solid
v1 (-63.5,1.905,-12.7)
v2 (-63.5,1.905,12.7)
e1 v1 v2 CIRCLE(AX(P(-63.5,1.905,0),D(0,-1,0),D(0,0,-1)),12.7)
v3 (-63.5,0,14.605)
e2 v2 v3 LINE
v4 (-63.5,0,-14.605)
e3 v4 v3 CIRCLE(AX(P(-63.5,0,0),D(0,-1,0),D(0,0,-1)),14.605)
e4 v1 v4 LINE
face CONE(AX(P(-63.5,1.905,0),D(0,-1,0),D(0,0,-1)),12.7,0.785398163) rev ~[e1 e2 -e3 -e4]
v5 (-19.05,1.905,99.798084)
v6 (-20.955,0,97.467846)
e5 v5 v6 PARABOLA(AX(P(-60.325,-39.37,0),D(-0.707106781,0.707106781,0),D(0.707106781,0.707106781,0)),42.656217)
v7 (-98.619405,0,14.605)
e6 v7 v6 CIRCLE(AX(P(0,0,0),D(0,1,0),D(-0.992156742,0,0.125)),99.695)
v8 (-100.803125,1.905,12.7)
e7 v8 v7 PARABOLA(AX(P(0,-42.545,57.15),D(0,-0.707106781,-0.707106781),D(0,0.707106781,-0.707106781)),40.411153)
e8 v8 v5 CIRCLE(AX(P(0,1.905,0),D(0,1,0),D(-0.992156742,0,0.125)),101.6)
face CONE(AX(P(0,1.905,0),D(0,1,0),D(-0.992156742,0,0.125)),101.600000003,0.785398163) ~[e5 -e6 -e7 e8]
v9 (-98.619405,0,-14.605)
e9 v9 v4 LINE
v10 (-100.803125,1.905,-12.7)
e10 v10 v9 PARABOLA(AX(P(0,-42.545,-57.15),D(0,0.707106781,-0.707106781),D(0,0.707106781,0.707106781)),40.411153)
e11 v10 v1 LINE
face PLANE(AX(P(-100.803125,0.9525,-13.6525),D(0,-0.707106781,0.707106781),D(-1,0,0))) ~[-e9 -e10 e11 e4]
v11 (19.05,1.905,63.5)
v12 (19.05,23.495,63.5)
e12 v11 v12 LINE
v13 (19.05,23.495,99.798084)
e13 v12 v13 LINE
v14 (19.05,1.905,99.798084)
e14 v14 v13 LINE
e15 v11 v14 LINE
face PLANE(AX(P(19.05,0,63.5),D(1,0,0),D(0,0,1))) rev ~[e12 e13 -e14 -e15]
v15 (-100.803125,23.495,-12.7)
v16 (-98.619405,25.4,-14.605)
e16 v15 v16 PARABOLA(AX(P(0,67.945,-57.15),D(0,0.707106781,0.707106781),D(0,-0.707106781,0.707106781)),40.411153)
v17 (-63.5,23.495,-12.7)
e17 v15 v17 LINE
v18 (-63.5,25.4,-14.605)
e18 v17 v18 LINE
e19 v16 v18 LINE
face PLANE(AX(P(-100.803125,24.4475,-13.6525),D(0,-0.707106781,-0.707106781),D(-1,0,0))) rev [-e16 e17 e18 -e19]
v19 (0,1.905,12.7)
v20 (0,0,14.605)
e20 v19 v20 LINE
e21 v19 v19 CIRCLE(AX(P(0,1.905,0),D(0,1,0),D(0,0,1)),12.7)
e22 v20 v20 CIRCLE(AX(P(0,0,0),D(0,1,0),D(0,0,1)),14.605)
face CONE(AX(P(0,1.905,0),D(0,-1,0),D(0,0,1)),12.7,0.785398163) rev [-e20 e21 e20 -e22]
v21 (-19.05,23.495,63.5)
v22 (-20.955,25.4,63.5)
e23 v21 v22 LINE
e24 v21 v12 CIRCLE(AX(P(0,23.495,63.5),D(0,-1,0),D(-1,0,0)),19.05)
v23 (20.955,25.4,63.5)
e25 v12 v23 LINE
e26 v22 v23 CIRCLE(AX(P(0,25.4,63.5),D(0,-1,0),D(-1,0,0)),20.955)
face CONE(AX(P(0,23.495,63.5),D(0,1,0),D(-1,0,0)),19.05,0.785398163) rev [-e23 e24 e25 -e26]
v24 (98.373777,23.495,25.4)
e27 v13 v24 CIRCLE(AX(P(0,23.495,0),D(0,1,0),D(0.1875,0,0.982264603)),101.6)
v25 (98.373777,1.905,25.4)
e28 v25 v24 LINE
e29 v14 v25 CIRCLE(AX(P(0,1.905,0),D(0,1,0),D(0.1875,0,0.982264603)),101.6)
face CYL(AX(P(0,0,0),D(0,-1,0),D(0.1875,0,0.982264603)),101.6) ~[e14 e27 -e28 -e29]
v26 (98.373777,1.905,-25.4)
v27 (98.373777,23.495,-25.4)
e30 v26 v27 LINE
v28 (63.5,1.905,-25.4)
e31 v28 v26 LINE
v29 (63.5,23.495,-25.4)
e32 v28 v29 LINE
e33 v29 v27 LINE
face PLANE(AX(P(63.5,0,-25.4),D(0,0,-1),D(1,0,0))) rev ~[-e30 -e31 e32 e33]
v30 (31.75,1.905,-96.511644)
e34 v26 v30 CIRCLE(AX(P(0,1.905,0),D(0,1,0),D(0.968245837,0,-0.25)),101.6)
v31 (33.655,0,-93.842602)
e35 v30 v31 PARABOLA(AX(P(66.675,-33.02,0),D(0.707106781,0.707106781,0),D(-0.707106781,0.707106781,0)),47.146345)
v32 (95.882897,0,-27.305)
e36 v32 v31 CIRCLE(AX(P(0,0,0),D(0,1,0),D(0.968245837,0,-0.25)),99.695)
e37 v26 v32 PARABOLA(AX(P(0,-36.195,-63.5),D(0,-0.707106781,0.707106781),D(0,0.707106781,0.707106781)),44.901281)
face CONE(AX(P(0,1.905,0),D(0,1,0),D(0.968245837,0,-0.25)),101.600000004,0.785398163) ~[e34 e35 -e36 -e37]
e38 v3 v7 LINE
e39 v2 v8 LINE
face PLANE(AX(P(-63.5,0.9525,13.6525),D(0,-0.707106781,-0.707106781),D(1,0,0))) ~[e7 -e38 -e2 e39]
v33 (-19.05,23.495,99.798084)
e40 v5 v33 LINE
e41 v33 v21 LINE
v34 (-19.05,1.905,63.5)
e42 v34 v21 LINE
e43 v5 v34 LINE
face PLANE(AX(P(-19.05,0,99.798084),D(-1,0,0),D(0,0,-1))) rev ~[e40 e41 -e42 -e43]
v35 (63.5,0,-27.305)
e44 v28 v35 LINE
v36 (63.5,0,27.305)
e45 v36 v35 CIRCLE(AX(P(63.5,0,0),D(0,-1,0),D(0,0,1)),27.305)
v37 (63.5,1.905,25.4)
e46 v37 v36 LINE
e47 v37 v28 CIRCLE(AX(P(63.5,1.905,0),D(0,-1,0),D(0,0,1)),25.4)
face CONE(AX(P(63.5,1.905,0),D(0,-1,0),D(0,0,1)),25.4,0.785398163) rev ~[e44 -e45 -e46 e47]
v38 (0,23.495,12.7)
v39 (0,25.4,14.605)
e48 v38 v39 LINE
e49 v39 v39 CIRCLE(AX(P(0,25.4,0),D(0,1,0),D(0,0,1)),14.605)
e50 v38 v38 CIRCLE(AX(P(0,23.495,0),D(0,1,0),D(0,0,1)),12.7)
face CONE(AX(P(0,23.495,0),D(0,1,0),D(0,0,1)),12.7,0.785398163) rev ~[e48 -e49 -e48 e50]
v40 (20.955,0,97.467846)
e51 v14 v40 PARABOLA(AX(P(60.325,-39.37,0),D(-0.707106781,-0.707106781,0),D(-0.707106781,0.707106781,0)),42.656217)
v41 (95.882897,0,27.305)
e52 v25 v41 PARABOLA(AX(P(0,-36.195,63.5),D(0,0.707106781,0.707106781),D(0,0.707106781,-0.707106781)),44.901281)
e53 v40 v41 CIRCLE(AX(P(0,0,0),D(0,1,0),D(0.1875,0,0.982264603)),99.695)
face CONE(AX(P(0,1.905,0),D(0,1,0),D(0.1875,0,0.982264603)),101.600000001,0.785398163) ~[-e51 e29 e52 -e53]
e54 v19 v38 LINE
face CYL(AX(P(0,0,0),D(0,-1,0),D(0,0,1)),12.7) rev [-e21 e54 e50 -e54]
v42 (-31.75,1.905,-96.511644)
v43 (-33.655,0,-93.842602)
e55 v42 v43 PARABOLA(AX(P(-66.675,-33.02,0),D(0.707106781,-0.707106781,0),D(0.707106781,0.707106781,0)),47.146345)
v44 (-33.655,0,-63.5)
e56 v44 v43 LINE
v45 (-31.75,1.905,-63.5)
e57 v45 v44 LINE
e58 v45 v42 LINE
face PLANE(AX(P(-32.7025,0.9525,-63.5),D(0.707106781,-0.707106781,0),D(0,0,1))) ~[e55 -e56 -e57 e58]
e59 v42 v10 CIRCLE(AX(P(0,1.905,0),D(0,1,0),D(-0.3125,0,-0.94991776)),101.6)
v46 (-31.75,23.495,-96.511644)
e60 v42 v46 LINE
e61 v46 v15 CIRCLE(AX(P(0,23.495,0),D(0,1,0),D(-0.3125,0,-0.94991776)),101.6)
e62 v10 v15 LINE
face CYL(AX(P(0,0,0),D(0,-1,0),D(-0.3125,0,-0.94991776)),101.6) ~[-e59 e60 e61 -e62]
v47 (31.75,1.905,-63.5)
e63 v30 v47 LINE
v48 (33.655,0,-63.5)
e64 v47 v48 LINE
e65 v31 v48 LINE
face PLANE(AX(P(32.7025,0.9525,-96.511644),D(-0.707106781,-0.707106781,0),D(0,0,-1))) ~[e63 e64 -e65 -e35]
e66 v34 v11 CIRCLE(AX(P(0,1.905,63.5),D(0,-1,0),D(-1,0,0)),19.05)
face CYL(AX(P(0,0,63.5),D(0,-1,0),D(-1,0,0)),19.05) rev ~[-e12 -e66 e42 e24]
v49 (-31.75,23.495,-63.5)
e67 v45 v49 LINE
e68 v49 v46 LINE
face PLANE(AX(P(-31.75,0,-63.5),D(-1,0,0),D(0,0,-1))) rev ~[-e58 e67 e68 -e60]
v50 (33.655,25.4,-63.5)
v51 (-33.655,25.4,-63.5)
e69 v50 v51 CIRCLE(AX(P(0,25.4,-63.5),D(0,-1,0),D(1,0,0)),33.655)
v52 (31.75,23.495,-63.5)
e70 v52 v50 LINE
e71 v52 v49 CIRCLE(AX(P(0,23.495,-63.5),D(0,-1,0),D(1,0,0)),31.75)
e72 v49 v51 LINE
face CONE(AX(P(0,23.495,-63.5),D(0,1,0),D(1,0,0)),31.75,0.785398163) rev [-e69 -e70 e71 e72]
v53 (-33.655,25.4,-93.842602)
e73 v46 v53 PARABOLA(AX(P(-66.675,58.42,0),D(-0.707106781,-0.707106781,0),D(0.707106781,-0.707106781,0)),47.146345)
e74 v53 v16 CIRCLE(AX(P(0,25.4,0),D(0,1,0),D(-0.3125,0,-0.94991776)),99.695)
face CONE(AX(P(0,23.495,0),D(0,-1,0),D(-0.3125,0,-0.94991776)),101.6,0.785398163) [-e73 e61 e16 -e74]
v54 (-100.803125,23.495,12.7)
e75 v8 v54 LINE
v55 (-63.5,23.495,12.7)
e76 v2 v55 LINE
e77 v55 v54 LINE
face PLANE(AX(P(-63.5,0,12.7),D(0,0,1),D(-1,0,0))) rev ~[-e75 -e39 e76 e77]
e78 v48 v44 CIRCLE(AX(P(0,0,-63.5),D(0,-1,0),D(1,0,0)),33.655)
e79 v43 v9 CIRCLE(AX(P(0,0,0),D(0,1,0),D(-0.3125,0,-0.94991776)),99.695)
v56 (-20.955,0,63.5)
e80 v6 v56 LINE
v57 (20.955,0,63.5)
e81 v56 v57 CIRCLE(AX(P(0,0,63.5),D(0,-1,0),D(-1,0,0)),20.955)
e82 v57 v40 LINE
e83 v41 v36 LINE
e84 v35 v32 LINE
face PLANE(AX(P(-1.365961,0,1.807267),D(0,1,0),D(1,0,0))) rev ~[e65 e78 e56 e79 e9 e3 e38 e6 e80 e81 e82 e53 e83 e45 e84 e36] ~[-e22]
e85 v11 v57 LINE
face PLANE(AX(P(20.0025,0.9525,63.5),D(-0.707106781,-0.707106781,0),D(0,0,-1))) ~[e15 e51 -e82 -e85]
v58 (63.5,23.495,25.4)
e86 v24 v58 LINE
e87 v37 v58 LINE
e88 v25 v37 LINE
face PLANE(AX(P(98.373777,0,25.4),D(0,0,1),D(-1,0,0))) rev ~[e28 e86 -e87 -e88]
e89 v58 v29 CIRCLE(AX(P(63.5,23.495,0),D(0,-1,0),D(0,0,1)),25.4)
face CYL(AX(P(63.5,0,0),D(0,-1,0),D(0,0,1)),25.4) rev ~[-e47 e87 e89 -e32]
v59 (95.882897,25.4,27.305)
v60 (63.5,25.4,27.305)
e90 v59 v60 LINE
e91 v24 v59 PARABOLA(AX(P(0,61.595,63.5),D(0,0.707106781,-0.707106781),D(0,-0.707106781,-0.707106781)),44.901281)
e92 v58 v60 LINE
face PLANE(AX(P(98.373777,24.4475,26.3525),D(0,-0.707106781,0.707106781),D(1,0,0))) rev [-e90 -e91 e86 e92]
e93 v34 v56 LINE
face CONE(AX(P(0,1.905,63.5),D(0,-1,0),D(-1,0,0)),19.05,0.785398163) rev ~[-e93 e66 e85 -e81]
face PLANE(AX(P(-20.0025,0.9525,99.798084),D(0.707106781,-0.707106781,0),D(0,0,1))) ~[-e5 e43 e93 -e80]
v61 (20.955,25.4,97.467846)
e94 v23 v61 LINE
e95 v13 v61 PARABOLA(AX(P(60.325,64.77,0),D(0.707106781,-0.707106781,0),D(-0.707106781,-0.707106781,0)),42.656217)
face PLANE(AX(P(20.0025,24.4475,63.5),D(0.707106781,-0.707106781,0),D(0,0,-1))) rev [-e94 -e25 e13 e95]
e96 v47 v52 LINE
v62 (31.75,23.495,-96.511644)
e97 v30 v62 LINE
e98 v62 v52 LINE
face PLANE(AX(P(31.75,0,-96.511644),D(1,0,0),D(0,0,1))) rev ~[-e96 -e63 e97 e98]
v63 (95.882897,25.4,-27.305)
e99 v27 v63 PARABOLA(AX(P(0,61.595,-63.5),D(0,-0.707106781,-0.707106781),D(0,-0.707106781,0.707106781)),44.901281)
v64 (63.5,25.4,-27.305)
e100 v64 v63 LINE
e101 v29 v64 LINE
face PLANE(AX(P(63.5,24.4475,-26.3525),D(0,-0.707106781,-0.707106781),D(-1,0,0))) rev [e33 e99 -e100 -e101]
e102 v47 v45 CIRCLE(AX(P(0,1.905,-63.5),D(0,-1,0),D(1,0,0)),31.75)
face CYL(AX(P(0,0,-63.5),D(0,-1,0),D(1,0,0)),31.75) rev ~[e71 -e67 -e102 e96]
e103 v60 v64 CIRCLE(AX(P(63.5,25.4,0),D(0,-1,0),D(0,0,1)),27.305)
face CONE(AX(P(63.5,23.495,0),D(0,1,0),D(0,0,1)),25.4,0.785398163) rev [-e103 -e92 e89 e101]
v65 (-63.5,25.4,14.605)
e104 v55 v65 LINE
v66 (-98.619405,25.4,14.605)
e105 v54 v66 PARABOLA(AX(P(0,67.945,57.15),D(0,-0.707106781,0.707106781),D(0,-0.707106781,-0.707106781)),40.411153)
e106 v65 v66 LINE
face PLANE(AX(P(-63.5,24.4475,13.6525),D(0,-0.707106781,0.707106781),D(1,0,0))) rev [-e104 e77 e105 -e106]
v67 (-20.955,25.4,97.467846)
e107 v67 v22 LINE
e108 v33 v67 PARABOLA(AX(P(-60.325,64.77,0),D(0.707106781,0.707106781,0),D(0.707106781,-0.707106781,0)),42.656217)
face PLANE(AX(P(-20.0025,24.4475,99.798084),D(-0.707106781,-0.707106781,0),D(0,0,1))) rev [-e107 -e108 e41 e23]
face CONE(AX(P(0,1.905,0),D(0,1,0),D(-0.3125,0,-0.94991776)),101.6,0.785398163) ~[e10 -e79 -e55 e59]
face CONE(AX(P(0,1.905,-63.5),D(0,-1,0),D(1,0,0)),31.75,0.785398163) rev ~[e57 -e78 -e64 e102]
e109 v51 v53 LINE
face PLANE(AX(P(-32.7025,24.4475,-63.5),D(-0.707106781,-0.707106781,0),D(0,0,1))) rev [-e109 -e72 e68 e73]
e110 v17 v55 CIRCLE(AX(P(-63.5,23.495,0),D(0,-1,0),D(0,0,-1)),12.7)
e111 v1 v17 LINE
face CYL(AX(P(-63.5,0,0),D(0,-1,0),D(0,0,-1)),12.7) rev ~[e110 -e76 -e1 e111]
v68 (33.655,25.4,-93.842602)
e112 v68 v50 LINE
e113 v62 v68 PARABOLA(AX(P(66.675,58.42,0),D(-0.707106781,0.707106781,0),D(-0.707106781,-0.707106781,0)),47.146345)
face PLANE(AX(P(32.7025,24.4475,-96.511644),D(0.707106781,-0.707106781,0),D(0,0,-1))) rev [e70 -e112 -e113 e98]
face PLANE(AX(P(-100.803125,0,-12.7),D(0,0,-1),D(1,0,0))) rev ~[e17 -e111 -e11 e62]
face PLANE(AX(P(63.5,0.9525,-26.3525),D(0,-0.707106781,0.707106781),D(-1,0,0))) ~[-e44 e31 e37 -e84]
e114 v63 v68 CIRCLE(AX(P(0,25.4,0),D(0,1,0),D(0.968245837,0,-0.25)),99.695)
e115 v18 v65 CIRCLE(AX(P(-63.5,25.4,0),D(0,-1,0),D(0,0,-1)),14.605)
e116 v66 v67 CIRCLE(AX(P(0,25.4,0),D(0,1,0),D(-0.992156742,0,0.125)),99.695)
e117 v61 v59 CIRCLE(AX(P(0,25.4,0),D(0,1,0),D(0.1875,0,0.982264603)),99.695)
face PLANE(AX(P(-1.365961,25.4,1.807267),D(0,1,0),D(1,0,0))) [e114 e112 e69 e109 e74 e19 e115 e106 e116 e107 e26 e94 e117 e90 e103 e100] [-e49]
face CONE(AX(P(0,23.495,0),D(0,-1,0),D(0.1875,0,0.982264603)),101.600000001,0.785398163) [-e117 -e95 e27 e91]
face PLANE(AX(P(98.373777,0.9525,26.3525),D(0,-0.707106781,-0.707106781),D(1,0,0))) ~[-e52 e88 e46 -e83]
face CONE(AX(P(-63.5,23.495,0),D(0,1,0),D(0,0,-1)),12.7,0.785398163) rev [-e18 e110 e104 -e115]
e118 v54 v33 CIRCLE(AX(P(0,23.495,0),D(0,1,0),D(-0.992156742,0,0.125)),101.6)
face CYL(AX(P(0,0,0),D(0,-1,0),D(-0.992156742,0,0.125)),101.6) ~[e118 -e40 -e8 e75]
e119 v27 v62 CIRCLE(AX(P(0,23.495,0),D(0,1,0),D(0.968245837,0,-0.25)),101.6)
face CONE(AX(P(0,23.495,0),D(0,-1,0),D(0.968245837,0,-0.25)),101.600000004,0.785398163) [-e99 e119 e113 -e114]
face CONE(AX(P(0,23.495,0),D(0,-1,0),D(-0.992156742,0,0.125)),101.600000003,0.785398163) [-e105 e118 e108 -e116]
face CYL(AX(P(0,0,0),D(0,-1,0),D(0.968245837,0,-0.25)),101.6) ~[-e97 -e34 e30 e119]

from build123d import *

# Parameters (mm, degrees)
SKETCH2_R           = 12.7
BOSS_EXTRUDE1_DEPTH = 25.4
CHAMFER1_SIZE       = 1.905


with BuildPart() as part:
    # Sketch2 → Boss-Extrude1 (new body)
    with BuildSketch(Plane(origin=(0, 0, 0), x_dir=(1, 0, 0), z_dir=(0, 1, 0))):
        with BuildLine():
            Line((63.5, 25.4), (98.373776994, 25.4))
            ThreePointArc((98.373776994, 25.4), (74.143548783, 69.464337424), (31.75, 96.511644375))
            Line((31.75, 96.511644375), (31.75, 63.5))
            ThreePointArc((31.75, 63.5), (0, 31.75), (-31.75, 63.5))
            Line((-31.75, 63.5), (-31.75, 96.511644375))
            ThreePointArc((-31.75, 96.511644375), (-78.413523495, 64.605567354), (-100.803124952, 12.7))
            Line((-100.803124952, 12.7), (-63.5, 12.7))
            ThreePointArc((-63.5, 12.7), (-50.8, 0), (-63.5, -12.7))
            Line((-63.5, -12.7), (-100.803124952, -12.7))
            ThreePointArc((-100.803124952, -12.7), (-74.079092421, -69.533071743), (-19.05, -99.798083649))
            Line((-19.05, -99.798083649), (-19.05, -63.5))
            ThreePointArc((-19.05, -63.5), (0, -44.45), (19.05, -63.5))
            Line((19.05, -63.5), (19.05, -99.798083649))
            ThreePointArc((19.05, -99.798083649), (69.504349242, -74.106041835), (98.373776994, -25.4))
            Line((98.373776994, -25.4), (63.5, -25.4))
            ThreePointArc((63.5, -25.4), (38.1, 0), (63.5, 25.4))
        make_face()
        with Locations(Location((0, 0, 0), (0, 0, 270))):
            Circle(SKETCH2_R, mode=Mode.SUBTRACT)
    extrude(amount=BOSS_EXTRUDE1_DEPTH)

    # Chamfer1
    chamfer1_edges = [part.edges().sort_by_distance(p)[0] for p in [
        (74.143548783, 25.4, -69.464337424),
        (80.936888497, 0, 25.4),
        (69.504349242, 0, 74.106041835),
        (19.05, 0, 81.649041824),
        (31.75, 25.4, -80.005822188),
        (0, 0, 44.45),
        (-19.05, 0, 81.649041824),
        (-74.079092421, 0, 69.533071743),
        (-82.151562476, 0, 12.7),
        (-50.8, 0, 0),
        (-82.151562476, 0, -12.7),
        (-78.413523495, 0, -64.605567354),
        (-31.75, 0, -80.005822188),
        (0, 0, -31.75),
        (31.75, 0, -80.005822188),
        (0, 25.4, -31.75),
        (74.143548783, 0, -69.464337424),
        (80.936888497, 0, -25.4),
        (38.1, 0, 0),
        (-31.75, 25.4, -80.005822188),
        (-78.413523495, 25.4, -64.605567354),
        (-82.151562476, 25.4, -12.7),
        (-50.8, 25.4, 0),
        (0, 0, -12.7),
        (0, 25.4, -12.7),
        (-82.151562476, 25.4, 12.7),
        (-74.079092421, 25.4, 69.533071743),
        (-19.05, 25.4, 81.649041824),
        (38.1, 25.4, 0),
        (0, 25.4, 44.45),
        (19.05, 25.4, 81.649041824),
        (69.504349242, 25.4, 74.106041835),
        (80.936888497, 25.4, 25.4),
        (80.936888497, 25.4, -25.4),
    ]]
    chamfer(chamfer1_edges, length=CHAMFER1_SIZE)


solid = part.part
